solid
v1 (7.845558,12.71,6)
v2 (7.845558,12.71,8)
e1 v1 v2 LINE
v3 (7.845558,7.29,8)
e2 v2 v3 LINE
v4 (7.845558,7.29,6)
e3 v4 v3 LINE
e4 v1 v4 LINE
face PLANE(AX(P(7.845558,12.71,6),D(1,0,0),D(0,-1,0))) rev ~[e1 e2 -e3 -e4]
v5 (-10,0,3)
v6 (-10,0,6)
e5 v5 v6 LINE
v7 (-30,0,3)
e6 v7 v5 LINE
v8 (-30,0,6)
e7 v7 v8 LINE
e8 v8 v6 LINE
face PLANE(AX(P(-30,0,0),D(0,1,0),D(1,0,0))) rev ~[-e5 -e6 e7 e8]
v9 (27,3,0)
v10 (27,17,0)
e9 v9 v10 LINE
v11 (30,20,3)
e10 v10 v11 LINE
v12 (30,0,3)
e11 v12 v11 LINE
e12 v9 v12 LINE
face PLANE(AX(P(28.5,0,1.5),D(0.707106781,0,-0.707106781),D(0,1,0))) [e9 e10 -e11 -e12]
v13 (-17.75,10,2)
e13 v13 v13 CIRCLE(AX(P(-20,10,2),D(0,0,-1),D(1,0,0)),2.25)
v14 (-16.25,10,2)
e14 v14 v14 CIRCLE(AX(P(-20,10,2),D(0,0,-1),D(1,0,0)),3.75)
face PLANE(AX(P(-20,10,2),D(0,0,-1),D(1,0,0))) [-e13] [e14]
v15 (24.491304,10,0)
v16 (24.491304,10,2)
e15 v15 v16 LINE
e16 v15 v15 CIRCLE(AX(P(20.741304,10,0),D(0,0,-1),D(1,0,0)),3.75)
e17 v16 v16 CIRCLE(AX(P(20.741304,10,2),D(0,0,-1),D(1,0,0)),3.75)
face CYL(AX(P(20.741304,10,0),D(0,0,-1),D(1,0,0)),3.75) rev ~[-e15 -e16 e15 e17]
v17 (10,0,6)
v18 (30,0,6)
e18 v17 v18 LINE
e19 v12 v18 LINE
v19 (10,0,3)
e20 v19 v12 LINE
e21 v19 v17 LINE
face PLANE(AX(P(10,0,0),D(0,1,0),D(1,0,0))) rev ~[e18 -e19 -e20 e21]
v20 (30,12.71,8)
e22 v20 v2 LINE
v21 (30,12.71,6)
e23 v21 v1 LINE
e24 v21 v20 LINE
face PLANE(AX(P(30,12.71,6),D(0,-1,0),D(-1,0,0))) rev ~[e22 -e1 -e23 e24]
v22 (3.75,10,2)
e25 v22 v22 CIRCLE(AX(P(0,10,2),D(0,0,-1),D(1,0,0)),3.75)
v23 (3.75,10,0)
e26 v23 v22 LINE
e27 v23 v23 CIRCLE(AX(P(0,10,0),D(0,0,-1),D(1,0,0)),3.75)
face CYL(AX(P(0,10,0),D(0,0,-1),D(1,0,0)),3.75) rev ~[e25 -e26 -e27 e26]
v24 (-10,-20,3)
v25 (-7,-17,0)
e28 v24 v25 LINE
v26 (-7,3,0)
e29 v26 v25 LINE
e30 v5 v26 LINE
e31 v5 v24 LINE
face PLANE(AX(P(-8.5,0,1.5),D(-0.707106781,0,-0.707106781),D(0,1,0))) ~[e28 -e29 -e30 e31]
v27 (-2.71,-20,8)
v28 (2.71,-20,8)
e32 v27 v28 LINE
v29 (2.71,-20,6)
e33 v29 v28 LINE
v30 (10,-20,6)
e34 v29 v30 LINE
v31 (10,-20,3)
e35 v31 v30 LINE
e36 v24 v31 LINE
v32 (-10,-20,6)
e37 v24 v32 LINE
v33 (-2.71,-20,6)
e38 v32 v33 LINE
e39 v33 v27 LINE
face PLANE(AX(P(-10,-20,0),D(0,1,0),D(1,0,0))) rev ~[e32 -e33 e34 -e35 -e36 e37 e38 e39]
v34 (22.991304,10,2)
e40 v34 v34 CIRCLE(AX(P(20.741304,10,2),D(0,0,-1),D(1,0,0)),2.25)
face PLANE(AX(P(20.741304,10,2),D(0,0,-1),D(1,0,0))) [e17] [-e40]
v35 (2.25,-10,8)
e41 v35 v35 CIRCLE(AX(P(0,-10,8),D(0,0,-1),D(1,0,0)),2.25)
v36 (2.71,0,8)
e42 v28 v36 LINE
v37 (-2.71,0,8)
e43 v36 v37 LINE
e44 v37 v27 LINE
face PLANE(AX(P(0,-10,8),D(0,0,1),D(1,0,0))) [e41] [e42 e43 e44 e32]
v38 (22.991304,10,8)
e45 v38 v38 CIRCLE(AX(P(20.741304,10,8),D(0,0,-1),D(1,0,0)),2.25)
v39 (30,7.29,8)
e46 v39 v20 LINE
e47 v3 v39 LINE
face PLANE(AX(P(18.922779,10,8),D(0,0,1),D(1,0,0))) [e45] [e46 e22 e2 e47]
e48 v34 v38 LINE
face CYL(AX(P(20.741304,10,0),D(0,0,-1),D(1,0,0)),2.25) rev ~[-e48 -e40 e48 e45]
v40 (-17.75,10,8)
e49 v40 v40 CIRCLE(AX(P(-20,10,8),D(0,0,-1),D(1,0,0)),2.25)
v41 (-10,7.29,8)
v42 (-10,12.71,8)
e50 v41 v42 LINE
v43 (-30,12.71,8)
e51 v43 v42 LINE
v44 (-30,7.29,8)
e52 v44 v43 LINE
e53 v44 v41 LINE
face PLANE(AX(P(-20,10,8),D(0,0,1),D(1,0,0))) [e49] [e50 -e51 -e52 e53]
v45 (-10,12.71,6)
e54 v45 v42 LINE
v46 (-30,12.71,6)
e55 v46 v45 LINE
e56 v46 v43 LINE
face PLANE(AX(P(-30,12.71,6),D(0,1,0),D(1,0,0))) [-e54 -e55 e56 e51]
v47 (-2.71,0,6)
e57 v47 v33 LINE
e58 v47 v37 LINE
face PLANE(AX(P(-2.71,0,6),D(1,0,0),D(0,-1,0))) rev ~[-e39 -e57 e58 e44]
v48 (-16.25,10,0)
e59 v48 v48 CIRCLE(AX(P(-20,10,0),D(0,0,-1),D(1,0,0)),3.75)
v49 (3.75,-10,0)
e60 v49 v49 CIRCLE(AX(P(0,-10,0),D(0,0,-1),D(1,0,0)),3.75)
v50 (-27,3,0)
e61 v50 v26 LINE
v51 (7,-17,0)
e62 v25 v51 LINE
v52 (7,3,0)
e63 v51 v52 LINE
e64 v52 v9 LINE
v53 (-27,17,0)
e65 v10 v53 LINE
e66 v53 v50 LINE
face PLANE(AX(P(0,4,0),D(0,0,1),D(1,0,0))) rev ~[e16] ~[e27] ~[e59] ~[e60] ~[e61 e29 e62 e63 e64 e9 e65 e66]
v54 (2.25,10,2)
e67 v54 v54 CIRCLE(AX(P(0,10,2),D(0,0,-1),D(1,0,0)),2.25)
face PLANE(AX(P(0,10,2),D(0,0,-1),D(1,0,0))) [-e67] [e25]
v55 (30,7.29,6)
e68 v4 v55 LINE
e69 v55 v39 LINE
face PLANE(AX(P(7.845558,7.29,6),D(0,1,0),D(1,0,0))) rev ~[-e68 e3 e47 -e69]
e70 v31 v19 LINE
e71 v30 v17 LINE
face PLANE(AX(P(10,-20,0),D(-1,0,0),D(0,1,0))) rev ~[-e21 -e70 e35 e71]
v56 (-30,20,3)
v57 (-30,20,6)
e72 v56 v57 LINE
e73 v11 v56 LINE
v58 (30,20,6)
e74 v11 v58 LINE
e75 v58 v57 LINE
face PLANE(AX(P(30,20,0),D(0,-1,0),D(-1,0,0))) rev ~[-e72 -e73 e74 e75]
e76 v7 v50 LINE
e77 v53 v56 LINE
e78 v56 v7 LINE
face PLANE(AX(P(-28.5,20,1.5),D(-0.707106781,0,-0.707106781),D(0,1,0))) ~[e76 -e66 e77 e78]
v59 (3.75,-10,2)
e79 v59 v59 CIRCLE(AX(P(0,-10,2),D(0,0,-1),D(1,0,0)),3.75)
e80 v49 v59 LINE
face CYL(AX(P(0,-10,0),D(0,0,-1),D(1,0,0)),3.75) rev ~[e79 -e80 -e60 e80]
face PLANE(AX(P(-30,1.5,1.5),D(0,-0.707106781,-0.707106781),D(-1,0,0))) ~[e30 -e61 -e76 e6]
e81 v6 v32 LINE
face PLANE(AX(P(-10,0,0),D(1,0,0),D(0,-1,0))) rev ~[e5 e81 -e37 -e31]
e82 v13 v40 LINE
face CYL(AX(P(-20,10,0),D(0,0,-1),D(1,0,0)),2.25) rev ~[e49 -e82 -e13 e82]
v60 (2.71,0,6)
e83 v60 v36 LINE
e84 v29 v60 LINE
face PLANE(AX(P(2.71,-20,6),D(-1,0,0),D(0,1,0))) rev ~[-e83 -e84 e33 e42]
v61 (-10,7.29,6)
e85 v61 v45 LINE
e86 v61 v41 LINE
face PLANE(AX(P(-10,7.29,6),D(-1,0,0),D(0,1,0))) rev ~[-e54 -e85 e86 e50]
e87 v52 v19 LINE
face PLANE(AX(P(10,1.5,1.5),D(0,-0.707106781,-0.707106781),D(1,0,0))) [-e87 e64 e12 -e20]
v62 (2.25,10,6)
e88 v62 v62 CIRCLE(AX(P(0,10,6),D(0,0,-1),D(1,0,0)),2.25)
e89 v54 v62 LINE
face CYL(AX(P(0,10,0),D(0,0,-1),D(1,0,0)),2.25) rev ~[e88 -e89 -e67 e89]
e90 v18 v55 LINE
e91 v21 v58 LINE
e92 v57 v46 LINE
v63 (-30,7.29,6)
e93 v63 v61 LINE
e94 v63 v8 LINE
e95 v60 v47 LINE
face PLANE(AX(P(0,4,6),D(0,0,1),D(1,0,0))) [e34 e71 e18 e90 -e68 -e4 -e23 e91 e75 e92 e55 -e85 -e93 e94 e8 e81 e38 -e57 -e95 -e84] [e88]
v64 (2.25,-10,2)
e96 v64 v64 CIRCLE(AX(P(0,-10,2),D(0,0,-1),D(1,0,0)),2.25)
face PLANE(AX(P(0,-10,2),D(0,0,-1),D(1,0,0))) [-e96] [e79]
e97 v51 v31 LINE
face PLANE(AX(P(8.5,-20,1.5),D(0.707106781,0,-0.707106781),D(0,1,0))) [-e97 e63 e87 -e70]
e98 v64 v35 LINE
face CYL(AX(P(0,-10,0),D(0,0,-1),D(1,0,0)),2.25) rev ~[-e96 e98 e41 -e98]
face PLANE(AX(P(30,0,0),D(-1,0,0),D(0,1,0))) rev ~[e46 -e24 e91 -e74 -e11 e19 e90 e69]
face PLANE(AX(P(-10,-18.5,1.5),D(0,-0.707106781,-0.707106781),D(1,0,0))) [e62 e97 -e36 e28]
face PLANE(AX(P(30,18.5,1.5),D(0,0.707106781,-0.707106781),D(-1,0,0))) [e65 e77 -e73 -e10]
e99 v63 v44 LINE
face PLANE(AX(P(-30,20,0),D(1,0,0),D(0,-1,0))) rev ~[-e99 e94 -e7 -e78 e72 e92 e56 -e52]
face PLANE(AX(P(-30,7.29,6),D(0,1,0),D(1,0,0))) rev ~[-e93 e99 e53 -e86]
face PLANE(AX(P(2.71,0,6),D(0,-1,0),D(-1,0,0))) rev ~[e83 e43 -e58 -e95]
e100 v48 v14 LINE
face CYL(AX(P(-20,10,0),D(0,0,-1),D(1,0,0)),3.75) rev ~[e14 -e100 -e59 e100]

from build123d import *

# Parameters (mm, degrees)
F1_DEPTH = 6
F2_W     = 20
F2_H     = 5.42
F3_DEPTH = 2
F4_R     = 2.25
F5_DEPTH = 8.001
F6_R     = 3.75
F7_DEPTH = 2
F8_SIZE  = 3


with BuildPart() as f1:
    # F0 (on Top) → F1 (new body)
    with BuildSketch(Plane.XY):
        Polygon((-30, 0), (-10, 0), (-10, -20), (0, -20), (10, -20), (10, 0), (30, 0), (30, 20), (0, 20), (-30, 20), align=None)
    extrude(amount=F1_DEPTH)

    # F2 (on face) → F3 (join)
    with BuildSketch(Plane.XY.offset(6)):
        Polygon((2.71, 0), (0, 0), (-2.71, 0), (-2.71, -20), (2.71, -20), align=None)
        Polygon((7.845558, 12.71), (7.845558, 10), (7.845558, 7.29), (30, 7.29), (30, 12.71), align=None)
        with Locations((-20, 10)):
            Rectangle(F2_W, F2_H)
    extrude(amount=F3_DEPTH)

    # F4 (on face) → F5 (cut, through all)
    with BuildSketch(Plane(origin=(0, 0, 0), x_dir=(1, 0, 0), z_dir=(0, 0, -1))):
        with Locations((-20, -10)):
            Circle(F4_R)
        with Locations((0, -10)):
            Circle(F4_R)
        with Locations((0, 10)):
            Circle(F4_R)
        with Locations((20.741304, -10)):
            Circle(F4_R)
    extrude(amount=-F5_DEPTH, mode=Mode.SUBTRACT)

    # F6 (on face) → F7 (cut)
    with BuildSketch(Plane(origin=(0, 0, 0), x_dir=(1, 0, 0), z_dir=(0, 0, -1))):
        with Locations((0, 10)):
            Circle(F6_R)
        with Locations((0, -10)):
            Circle(F6_R)
        with Locations((20.741304, -10)):
            Circle(F6_R)
        with Locations((-20, -10)):
            Circle(F6_R)
    extrude(amount=-F7_DEPTH, mode=Mode.SUBTRACT)

    # F8
    f8_edges = [f1.edges().sort_by_distance(p)[0] for p in [
        (-10, -10, 0),
        (-20, 0, 0),
        (10, -10, 0),
        (20, 0, 0),
        (0, 20, 0),
        (30, 10, 0),
        (-30, 10, 0),
        (0, -20, 0),
    ]]
    chamfer(f8_edges, length=F8_SIZE)


solid = f1.part
